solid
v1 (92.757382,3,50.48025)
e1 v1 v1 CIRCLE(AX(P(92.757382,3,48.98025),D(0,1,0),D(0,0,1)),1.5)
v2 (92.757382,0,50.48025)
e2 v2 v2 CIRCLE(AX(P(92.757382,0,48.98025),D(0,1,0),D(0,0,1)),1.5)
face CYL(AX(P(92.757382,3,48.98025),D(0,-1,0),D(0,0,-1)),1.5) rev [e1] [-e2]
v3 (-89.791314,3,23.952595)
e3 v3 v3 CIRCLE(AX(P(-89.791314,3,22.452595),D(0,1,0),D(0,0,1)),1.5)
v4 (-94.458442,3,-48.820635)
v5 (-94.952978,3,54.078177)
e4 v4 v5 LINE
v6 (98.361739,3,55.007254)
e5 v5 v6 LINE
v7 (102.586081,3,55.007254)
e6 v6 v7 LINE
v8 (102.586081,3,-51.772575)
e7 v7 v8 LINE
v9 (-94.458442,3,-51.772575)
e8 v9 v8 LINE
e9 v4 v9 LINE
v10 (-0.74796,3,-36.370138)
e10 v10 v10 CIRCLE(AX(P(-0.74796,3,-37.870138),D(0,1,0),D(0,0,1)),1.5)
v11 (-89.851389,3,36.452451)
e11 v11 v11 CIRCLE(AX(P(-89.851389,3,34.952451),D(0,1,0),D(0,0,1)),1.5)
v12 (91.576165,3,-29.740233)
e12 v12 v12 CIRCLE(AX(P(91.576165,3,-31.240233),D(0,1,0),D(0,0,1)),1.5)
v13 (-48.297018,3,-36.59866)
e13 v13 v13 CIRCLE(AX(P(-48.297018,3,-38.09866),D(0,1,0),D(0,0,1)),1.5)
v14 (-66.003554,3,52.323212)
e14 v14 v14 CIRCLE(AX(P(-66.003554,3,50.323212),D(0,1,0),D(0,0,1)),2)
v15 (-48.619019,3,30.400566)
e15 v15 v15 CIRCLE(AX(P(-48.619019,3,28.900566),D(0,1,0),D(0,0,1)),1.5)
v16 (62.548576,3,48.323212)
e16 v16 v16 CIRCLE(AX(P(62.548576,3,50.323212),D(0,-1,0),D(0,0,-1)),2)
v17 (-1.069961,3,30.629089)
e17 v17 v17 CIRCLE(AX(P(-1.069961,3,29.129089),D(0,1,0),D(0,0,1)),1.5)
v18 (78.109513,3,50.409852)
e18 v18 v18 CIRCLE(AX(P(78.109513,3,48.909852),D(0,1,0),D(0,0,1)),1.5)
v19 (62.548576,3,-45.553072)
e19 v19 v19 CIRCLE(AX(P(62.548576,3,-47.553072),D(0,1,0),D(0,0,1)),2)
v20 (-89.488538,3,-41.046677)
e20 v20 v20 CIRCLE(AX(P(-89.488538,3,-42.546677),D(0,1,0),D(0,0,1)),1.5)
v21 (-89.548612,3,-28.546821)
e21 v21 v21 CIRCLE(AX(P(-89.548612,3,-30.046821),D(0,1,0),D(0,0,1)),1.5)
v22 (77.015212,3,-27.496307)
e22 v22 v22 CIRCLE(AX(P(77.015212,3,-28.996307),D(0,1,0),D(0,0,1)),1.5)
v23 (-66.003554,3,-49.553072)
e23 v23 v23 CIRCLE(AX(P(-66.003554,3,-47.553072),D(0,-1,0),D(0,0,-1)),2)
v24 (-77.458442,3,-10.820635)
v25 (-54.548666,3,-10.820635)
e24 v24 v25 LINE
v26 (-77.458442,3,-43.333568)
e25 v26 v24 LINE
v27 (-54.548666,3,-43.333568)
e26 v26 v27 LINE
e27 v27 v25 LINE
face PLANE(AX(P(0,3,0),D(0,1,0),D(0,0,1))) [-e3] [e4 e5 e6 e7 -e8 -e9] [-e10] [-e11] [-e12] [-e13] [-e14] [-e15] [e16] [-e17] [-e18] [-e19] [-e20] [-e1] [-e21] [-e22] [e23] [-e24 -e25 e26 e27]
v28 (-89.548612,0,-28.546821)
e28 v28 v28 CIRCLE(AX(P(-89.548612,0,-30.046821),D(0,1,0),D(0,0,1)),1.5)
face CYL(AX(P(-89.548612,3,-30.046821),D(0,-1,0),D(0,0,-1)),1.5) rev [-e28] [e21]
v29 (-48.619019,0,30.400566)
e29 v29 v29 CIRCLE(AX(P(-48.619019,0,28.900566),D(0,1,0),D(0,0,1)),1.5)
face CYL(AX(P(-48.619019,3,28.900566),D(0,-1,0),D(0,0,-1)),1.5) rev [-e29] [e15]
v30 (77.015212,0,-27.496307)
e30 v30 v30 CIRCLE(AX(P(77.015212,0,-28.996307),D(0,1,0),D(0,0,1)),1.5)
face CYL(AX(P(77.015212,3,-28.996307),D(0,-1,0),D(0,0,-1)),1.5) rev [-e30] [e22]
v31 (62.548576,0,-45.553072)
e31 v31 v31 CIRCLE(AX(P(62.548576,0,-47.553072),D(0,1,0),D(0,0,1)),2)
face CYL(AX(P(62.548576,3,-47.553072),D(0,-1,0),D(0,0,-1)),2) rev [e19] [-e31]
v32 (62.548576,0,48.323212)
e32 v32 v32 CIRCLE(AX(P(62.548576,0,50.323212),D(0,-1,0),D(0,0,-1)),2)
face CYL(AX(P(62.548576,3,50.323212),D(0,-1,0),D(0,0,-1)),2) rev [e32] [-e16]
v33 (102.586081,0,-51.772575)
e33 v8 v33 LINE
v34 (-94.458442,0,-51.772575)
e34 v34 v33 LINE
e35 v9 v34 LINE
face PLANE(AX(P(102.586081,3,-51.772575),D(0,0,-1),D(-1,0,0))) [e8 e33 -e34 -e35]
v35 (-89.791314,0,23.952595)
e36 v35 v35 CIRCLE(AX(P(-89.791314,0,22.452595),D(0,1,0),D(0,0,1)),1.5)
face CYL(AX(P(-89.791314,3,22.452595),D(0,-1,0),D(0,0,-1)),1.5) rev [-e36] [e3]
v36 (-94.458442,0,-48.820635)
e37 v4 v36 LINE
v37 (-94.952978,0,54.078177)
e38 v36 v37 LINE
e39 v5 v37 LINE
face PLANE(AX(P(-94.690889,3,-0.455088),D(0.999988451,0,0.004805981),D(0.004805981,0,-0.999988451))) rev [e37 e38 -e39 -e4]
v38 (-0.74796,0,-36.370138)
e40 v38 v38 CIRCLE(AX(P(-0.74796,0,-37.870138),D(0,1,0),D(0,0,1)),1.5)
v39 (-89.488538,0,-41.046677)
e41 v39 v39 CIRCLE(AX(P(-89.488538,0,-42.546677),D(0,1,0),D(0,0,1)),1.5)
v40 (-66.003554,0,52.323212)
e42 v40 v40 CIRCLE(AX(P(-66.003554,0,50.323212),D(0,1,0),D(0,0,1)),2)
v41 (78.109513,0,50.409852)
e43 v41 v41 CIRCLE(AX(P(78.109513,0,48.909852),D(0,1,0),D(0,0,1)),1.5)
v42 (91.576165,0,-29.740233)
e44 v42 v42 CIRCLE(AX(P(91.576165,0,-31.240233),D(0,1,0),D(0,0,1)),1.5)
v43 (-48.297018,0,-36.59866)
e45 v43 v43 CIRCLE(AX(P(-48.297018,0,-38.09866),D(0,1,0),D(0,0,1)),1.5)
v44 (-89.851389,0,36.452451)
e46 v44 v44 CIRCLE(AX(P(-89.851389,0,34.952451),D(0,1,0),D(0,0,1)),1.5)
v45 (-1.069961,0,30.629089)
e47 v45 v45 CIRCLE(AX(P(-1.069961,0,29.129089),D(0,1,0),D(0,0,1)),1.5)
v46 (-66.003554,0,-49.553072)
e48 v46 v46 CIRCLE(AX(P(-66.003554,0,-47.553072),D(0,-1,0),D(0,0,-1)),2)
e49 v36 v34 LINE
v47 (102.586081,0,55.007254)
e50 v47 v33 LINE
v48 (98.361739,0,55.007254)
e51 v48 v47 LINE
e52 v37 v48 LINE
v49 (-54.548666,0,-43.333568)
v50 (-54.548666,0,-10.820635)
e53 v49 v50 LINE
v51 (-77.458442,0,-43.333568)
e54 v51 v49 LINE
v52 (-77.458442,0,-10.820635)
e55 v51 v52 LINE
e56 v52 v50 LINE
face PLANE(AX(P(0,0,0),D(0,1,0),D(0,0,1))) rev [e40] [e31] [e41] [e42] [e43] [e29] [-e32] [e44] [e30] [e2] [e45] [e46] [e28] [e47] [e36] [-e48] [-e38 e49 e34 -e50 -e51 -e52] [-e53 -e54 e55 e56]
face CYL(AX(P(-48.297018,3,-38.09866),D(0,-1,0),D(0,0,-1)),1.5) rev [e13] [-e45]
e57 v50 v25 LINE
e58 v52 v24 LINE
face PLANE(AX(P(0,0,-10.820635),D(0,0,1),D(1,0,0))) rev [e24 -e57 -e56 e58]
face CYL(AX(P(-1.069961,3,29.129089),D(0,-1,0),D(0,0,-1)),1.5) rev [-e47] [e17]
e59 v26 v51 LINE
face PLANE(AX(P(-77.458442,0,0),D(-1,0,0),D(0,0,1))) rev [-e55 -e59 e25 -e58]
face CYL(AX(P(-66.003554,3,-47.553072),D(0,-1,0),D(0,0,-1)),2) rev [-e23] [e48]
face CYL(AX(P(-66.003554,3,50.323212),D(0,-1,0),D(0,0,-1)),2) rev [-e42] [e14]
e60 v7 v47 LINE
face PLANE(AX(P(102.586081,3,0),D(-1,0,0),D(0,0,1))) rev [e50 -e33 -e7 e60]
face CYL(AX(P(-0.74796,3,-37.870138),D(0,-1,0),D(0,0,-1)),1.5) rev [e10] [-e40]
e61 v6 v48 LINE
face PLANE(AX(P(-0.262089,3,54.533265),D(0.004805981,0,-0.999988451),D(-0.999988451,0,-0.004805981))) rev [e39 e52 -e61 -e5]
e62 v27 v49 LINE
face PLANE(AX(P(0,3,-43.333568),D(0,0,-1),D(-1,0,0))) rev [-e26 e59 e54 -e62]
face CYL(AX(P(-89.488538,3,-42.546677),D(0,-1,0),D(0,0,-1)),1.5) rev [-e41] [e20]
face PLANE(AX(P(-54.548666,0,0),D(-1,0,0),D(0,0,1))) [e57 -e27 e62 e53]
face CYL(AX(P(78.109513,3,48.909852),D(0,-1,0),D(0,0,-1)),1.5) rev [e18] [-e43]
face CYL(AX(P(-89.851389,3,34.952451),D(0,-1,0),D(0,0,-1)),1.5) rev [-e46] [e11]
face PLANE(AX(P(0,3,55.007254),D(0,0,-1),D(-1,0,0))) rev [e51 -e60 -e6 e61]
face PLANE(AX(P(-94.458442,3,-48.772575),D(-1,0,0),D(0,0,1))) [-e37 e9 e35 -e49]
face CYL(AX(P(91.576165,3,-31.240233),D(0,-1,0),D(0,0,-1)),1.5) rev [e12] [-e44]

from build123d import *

# Parameters (mm, degrees)
SKETCH1_R               = 1.5
BOSS_EXTRUDE1_DEPTH     = 3
CUT_EXTRUDE1_DEPTH      = 117.441839515
CUT_EXTRUDE1_DEPTH_BACK = 117.441839515
BOSS_EXTRUDE4_DEPTH     = 3
SKETCH5_W               = 197.044523164
SKETCH5_H               = 3
BOSS_EXTRUDE5_DEPTH     = 3
CUT_EXTRUDE3_DEPTH      = 117.441839515
CUT_EXTRUDE3_DEPTH_BACK = 117.441839515
SKETCH6_R               = 2


with BuildPart() as part:
    # Sketch1 → Boss-Extrude1 (new body)
    with BuildSketch(Plane(origin=(0, 0, 0), x_dir=(1, 0, 0), z_dir=(0, 1, 0))):
        Polygon((-84.458557919, 26.833968268), (-84.458557919, 48.772574994), (-94.458442431, 48.8206348), (-94.578591945, 23.820923519), (-94.881368721, -39.178348907), (-94.952977831, -54.07817683), (98.36173931, -55.007254334), (102.586080733, -55.007254334), (102.586080733, 22.87334299), (102.586080733, 48.772574994), (-62.665629197, 48.772574994), (-62.665629197, 26.833968268), align=None)
        with Locations(Location((-89.851389086, -34.95245099, 0), (0, 0, 270))):
            Circle(SKETCH1_R, mode=Mode.SUBTRACT)
        with Locations(Location((-1.069960941, -29.129088653, 0), (0, 0, 270))):
            Circle(SKETCH1_R, mode=Mode.SUBTRACT)
        with Locations(Location((-89.791314329, -22.452595349, 0), (0, 0, 270))):
            Circle(SKETCH1_R, mode=Mode.SUBTRACT)
        with Locations(Location((-48.61901855, -28.900566167, 0), (0, 0, 270))):
            Circle(SKETCH1_R, mode=Mode.SUBTRACT)
        with Locations(Location((78.109513121, -48.909852111, 0), (0, 0, 270))):
            Circle(SKETCH1_R, mode=Mode.SUBTRACT)
        with Locations(Location((92.757382127, -48.980250297, 0), (0, 0, 270))):
            Circle(SKETCH1_R, mode=Mode.SUBTRACT)
        with Locations(Location((-89.548612311, 30.046821437, 0), (0, 0, 270))):
            Circle(SKETCH1_R, mode=Mode.SUBTRACT)
        with Locations(Location((-89.488537553, 42.546677077, 0), (0, 0, 270))):
            Circle(SKETCH1_R, mode=Mode.SUBTRACT)
        with Locations(Location((-48.297017852, 38.098660064, 0), (0, 0, 270))):
            Circle(SKETCH1_R, mode=Mode.SUBTRACT)
        with Locations(Location((-0.747960243, 37.870137578, 0), (0, 0, 270))):
            Circle(SKETCH1_R, mode=Mode.SUBTRACT)
        with Locations(Location((77.015212266, 28.9963068, 0), (0, 0, 270))):
            Circle(SKETCH1_R, mode=Mode.SUBTRACT)
        with Locations(Location((91.576164691, 31.240232702, 0), (0, 0, 270))):
            Circle(SKETCH1_R, mode=Mode.SUBTRACT)
    extrude(amount=BOSS_EXTRUDE1_DEPTH)

    # Sketch3 → Cut-Extrude1 (cut, two sides: drawn at the far end of the back side and taken through both)
    with BuildSketch(Plane(origin=(0, 3, 0), x_dir=(1, 0, 0), z_dir=(0, 1, 0)).offset(-CUT_EXTRUDE1_DEPTH_BACK)):
        Polygon((-62.665629197, 26.833968268), (-77.458442431, 26.833968268), (-77.458442431, 10.8206348), (-54.548666479, 10.8206348), (-54.548666479, 48.772574994), (-62.665629197, 48.772574994), align=None)
    extrude(amount=CUT_EXTRUDE1_DEPTH + CUT_EXTRUDE1_DEPTH_BACK, mode=Mode.SUBTRACT)

    # Sketch4 → Boss-Extrude4 (add)
    with BuildSketch(Plane.XZ):
        Polygon((-77.458442431, -26.833968268), (-84.458557919, -26.833968268), (-84.458557919, -48.772574994), (-54.548666479, -48.772574994), (-54.548666479, -43.333568131), (-77.458442431, -43.333568131), align=None)
    extrude(amount=-BOSS_EXTRUDE4_DEPTH)

    # Sketch5 → Boss-Extrude5 (add)
    with BuildSketch(Plane.XZ):
        with Locations((4.063819151, -50.272574994)):
            Rectangle(SKETCH5_W, SKETCH5_H)
    extrude(amount=-BOSS_EXTRUDE5_DEPTH)

    # Sketch6 → Cut-Extrude3 (cut, two sides: drawn at the far end of the back side and taken through both)
    with BuildSketch(Plane.XZ.offset(-CUT_EXTRUDE3_DEPTH_BACK)):
        with Locations(Location((-66.003554455, -47.553071563, 0), (0, 0, 270))):
            Circle(SKETCH6_R)
        with Locations(Location((62.548576351, -47.553071563, 0), (0, 0, 90))):
            Circle(SKETCH6_R)
        with Locations(Location((62.548576351, 50.323212151, 0), (0, 0, 270))):
            Circle(SKETCH6_R)
        with Locations(Location((-66.003554455, 50.323212151, 0), (0, 0, 90))):
            Circle(SKETCH6_R)
    extrude(amount=CUT_EXTRUDE3_DEPTH + CUT_EXTRUDE3_DEPTH_BACK, mode=Mode.SUBTRACT)


solid = part.part
